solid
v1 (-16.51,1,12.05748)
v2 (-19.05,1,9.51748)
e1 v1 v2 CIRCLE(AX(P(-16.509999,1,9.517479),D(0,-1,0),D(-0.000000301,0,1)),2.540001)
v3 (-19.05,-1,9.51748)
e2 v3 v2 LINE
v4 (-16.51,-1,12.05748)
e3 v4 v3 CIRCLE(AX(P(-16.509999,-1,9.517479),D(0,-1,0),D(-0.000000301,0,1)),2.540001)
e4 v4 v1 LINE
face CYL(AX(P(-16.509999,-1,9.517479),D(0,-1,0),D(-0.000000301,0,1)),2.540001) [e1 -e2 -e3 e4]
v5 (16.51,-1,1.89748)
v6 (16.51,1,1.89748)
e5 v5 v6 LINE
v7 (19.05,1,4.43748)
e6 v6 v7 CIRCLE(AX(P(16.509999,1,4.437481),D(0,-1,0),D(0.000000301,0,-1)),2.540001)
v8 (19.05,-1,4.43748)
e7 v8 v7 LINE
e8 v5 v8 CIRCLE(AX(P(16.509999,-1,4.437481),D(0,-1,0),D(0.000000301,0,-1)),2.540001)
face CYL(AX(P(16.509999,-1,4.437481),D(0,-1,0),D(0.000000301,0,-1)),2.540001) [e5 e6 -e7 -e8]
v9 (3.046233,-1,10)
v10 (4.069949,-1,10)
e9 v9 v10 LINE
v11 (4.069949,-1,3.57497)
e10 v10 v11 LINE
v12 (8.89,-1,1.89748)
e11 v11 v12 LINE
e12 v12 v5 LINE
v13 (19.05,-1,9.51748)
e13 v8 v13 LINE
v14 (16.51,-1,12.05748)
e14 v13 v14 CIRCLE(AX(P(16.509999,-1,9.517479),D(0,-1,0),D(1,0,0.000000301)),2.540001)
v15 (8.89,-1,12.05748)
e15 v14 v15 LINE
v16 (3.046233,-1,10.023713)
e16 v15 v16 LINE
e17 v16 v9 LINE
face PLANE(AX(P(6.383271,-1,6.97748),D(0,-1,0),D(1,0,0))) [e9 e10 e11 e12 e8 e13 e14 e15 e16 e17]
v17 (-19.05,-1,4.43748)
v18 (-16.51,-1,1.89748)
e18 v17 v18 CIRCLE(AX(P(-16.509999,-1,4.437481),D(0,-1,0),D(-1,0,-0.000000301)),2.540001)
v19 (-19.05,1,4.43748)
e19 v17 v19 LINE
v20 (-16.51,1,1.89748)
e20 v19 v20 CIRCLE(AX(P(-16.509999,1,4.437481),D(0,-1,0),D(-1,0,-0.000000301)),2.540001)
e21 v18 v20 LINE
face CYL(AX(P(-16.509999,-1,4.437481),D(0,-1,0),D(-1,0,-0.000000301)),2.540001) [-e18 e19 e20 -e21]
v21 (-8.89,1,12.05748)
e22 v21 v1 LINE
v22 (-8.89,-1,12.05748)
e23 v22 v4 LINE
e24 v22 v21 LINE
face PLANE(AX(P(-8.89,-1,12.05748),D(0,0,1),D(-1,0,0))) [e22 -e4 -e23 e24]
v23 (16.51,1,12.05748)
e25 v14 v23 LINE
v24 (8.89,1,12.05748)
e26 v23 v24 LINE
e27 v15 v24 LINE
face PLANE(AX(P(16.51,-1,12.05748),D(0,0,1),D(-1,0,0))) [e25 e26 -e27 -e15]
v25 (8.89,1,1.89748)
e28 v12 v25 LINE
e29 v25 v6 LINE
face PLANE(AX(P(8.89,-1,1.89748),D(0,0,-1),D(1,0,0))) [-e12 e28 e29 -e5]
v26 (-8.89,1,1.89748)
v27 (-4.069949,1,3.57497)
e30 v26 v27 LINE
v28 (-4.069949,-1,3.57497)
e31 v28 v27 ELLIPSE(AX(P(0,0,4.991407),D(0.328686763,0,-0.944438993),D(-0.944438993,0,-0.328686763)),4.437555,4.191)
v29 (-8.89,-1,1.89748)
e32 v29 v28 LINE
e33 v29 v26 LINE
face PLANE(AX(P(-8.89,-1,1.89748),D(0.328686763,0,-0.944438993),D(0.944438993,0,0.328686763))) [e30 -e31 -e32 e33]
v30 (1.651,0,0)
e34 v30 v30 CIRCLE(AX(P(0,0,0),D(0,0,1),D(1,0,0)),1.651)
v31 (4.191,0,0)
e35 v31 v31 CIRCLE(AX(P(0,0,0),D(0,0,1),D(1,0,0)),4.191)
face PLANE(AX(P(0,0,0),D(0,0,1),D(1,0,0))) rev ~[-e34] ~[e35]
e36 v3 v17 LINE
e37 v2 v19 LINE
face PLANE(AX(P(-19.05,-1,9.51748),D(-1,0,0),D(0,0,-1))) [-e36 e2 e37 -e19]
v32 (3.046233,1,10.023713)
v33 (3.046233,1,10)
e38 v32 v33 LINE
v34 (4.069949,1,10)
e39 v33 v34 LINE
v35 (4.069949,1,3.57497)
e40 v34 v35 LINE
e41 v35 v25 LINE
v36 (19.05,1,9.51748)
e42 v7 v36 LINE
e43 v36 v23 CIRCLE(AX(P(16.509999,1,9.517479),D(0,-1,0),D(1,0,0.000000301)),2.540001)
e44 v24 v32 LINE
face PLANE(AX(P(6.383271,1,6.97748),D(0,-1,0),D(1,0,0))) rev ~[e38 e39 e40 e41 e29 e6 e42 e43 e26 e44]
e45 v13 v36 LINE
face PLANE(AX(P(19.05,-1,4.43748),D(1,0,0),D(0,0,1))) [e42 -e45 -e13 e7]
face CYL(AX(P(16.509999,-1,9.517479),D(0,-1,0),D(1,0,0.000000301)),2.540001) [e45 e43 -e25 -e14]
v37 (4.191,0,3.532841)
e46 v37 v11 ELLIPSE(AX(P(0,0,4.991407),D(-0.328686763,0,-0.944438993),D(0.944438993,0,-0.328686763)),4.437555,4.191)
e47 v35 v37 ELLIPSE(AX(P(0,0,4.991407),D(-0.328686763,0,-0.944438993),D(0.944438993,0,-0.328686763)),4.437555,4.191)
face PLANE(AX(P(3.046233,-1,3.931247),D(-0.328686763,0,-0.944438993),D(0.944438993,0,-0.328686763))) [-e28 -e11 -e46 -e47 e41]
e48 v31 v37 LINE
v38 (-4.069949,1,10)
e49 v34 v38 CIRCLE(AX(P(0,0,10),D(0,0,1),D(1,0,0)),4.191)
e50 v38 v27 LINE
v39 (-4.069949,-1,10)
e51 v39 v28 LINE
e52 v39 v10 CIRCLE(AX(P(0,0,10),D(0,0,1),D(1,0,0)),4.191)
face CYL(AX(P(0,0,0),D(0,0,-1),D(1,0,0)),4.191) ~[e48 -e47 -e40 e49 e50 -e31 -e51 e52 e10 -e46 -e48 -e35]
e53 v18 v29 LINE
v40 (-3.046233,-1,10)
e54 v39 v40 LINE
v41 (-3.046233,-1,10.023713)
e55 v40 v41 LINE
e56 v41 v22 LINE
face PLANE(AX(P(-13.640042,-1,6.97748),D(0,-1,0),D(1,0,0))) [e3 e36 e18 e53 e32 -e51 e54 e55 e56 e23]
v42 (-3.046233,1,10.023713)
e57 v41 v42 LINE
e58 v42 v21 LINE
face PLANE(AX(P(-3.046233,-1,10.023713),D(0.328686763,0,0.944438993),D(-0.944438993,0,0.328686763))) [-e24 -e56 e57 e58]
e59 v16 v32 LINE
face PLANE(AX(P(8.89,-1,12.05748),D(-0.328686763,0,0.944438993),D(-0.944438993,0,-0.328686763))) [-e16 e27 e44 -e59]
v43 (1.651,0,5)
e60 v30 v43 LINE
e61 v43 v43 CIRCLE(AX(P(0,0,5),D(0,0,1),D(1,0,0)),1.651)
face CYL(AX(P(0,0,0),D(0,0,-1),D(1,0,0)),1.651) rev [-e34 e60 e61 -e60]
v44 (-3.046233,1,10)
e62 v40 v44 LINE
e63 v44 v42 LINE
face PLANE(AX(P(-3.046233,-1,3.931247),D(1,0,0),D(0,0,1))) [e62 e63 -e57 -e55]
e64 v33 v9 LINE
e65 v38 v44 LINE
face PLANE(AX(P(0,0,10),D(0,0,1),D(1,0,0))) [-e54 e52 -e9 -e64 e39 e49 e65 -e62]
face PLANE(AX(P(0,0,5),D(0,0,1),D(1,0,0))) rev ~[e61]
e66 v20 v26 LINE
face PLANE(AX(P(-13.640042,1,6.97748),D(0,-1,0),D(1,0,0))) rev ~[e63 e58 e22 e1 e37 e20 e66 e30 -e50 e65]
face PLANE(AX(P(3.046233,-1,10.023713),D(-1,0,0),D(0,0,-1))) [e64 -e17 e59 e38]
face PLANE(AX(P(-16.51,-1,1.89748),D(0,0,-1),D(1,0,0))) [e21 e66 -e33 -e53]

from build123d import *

# Parameters (mm, degrees)
F0_R     = 4.191
F1_DEPTH = 10
F2_R     = 1.651
F3_DEPTH = 5
F6_DEPTH = 2


with BuildPart() as f1:
    # F0 (on Top) → F1 (new body)
    with BuildSketch(Plane.XY):
        Circle(F0_R)
    extrude(amount=F1_DEPTH)

    # F2 (on Top) → F3 (cut)
    with BuildSketch(Plane.XY):
        Circle(F2_R)
    extrude(amount=F3_DEPTH, mode=Mode.SUBTRACT)

    # F5 (on offset) → F6 (join)
    with BuildSketch(Plane.XZ.offset(1)):
        with BuildLine():
            Line((-16.51, 1.89748), (-8.89, 1.89748))
            Line((-8.89, 1.89748), (-8.89, 5.08))
            Line((-8.89, 5.08), (-8.89, 12.05748))
            Line((-8.89, 12.05748), (-16.51, 12.05748))
            ThreePointArc((-16.51, 12.05748), (-18.306051, 11.313531), (-19.05, 9.51748))
            Line((-19.05, 9.51748), (-19.05, 4.43748))
            ThreePointArc((-19.05, 4.43748), (-18.306051, 2.641429), (-16.51, 1.89748))
        make_face()
        Polygon((-8.89, 1.89748), (-3.046233, 3.931247), (-3.046233, 10.023713), (-8.89, 12.05748), (-8.89, 5.08), align=None)
        Polygon((3.046233, 3.931247), (8.89, 1.89748), (8.89, 5.08), (8.89, 12.05748), (3.046233, 10.023713), align=None)
        with BuildLine():
            Line((8.89, 5.08), (8.89, 1.89748))
            Line((8.89, 1.89748), (16.51, 1.89748))
            ThreePointArc((16.51, 1.89748), (18.306051, 2.641429), (19.05, 4.43748))
            Line((19.05, 4.43748), (19.05, 9.51748))
            ThreePointArc((19.05, 9.51748), (18.306051, 11.313531), (16.51, 12.05748))
            Line((16.51, 12.05748), (8.89, 12.05748))
            Line((8.89, 12.05748), (8.89, 5.08))
        make_face()
    extrude(amount=-F6_DEPTH)


solid = f1.part
